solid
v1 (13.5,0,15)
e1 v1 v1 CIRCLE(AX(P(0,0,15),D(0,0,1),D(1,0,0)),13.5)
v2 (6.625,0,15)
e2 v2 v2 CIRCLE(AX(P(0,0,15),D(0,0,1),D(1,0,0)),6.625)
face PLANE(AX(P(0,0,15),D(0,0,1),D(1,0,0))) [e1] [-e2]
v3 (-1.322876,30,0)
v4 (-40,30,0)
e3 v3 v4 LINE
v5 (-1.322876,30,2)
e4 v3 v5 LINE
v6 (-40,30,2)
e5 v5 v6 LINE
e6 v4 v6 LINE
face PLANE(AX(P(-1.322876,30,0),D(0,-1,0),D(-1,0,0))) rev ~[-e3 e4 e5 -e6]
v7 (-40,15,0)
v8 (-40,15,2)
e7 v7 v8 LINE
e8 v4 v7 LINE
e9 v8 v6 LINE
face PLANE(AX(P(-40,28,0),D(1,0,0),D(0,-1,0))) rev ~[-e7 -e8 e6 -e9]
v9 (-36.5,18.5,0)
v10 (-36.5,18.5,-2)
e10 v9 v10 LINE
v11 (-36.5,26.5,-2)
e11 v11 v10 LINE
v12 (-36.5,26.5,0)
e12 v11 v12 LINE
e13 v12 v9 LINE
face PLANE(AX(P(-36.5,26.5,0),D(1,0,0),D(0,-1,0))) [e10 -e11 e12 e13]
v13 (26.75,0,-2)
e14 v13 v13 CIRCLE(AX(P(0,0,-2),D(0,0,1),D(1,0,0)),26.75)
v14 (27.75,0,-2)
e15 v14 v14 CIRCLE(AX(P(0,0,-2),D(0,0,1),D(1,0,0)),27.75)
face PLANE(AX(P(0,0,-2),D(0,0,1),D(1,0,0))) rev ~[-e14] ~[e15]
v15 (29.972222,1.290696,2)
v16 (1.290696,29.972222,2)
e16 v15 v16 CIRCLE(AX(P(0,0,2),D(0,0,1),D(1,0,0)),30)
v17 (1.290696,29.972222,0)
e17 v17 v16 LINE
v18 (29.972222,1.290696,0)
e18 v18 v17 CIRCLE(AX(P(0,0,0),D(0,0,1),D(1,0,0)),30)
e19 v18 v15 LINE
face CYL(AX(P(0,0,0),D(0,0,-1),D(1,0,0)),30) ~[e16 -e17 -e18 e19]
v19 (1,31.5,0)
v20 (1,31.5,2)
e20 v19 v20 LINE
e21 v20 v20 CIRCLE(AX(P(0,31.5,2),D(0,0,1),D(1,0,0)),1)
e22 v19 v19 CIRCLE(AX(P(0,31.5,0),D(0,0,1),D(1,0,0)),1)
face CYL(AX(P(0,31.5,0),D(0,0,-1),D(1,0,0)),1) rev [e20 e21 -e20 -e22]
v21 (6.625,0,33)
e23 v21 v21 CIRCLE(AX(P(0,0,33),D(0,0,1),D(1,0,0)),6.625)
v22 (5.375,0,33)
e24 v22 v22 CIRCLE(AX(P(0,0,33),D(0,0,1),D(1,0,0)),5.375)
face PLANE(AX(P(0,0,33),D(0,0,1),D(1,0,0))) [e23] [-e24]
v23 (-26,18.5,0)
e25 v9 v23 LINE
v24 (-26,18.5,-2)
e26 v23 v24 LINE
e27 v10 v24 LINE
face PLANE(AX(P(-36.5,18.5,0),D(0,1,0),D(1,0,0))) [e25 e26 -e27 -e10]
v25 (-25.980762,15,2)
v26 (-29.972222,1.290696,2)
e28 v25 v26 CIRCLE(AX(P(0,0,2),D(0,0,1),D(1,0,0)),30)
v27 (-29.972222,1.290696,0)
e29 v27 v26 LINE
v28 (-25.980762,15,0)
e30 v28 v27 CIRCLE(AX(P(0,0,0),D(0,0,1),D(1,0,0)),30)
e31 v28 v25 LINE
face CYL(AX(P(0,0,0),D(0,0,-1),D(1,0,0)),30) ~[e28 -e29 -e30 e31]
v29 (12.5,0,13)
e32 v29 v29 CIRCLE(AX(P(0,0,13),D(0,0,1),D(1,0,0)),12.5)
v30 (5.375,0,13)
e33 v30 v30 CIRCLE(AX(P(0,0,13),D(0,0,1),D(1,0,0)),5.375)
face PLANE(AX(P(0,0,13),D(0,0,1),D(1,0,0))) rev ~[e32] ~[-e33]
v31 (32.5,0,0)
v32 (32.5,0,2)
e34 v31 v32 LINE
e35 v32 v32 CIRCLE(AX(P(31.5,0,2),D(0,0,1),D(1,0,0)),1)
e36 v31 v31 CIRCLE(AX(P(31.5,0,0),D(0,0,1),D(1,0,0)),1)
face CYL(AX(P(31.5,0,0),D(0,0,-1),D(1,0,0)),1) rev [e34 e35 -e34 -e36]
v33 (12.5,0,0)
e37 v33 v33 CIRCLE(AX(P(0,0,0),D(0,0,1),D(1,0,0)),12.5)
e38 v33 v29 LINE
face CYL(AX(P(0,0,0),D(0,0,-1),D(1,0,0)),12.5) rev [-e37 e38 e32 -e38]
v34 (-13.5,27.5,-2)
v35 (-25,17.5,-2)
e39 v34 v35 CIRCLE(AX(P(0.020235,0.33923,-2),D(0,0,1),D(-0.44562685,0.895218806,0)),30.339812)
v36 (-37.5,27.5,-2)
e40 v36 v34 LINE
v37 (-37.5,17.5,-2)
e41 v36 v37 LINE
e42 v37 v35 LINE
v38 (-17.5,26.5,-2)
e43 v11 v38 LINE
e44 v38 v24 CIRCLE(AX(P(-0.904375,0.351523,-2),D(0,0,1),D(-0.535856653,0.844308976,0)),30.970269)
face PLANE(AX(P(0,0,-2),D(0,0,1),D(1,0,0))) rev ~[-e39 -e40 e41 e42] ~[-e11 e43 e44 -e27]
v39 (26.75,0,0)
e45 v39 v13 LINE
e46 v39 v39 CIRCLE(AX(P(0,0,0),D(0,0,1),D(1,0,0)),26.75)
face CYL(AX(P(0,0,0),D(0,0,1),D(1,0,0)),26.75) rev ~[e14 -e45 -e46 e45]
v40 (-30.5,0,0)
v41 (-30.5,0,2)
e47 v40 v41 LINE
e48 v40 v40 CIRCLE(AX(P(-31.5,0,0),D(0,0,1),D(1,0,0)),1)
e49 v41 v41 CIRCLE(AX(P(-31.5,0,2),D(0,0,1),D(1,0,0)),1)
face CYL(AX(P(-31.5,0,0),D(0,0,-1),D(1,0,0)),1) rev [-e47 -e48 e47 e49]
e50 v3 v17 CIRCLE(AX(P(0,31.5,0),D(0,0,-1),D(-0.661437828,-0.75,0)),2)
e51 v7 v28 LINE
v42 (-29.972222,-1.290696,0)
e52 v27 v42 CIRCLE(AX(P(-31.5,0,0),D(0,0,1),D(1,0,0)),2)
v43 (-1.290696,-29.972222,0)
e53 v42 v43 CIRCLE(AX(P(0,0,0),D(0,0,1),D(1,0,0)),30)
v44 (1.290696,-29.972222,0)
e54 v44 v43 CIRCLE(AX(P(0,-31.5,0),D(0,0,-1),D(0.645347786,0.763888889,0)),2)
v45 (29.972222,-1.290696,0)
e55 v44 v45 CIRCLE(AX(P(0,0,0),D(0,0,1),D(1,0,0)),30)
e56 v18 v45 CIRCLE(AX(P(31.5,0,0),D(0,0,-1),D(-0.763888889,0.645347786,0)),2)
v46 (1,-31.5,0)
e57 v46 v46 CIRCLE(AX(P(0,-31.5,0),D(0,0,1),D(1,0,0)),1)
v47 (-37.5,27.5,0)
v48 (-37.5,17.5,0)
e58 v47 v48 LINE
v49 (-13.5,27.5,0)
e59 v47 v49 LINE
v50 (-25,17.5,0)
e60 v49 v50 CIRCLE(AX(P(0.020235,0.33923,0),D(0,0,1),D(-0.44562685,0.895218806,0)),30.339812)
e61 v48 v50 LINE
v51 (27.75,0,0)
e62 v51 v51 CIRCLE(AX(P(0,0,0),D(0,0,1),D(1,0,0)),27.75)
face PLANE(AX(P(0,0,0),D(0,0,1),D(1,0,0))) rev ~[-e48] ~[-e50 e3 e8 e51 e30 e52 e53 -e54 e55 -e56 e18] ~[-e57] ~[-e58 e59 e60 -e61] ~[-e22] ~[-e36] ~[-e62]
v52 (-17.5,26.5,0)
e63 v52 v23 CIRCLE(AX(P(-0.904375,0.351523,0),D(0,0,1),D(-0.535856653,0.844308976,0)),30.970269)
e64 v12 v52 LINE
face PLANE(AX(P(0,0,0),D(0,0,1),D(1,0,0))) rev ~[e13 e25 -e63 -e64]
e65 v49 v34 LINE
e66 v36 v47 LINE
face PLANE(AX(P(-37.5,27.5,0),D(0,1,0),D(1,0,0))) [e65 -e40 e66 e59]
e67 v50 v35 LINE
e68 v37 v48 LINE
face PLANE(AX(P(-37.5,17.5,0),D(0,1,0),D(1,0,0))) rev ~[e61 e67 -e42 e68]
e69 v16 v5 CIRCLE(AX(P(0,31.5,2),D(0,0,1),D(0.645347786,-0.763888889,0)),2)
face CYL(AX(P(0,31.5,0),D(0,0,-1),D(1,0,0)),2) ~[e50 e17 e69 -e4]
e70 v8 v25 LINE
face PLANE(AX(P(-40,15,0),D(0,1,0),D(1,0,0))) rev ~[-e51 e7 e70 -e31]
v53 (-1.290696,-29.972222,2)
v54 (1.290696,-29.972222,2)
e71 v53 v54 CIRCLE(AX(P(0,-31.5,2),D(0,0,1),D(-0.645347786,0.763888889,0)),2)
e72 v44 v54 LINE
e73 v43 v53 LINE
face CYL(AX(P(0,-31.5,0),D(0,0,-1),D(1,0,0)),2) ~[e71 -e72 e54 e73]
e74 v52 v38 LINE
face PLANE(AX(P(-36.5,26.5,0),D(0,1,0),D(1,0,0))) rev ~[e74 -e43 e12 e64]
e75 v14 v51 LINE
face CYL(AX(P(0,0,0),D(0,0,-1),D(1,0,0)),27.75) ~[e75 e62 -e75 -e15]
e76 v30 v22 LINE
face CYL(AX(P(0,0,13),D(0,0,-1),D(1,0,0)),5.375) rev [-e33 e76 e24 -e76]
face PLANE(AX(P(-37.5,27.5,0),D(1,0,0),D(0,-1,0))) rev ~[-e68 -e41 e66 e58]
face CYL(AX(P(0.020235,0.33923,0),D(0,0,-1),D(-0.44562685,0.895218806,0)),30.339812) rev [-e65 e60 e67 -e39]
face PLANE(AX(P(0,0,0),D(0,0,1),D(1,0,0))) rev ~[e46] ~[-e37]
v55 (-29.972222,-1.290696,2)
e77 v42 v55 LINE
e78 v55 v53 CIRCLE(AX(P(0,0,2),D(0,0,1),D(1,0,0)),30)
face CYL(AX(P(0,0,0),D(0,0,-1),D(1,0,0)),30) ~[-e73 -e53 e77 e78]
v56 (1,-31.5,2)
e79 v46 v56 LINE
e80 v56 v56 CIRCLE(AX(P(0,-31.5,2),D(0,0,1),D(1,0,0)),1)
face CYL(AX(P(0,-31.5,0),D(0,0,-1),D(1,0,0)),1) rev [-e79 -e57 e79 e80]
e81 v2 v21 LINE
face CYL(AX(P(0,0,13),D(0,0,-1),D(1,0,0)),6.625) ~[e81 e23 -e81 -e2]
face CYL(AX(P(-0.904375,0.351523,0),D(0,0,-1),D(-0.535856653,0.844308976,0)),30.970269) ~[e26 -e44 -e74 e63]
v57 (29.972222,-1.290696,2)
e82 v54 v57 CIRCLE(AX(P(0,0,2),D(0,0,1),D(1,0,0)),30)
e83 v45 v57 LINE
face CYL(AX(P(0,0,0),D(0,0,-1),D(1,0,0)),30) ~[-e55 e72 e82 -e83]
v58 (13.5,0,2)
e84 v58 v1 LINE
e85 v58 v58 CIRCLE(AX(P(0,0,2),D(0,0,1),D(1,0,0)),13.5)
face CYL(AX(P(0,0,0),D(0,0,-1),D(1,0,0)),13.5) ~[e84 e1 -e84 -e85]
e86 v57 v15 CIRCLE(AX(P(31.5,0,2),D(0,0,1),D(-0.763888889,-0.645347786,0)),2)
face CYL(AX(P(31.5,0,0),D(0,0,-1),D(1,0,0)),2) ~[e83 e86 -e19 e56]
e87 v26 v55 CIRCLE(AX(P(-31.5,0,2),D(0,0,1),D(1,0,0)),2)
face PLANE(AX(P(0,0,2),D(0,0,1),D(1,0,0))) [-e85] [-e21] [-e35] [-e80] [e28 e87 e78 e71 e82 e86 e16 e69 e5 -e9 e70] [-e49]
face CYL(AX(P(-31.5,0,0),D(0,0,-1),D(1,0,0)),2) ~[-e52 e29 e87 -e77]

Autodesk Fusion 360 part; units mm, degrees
sketch "Skizze1" plane through (0, 0, 0) normal (0, 0, 1) x (1, 0, 0)
  line L0 (-40, 17) -> (0, 17)
  line L1 (0, 30) -> (-40, 30)
  line L2 (-40, 15) -> (0, 15)
  circle A0 centre (0, 31.5) radius 2
  line L3 (-40, 28) -> (0, 28)
  circle A1 centre (0, 0) radius 30
  circle A2 centre (0, 31.5) radius 1
  line L4 (0, 15) -> (0, 30)
  line L5 (-40, 15) -> (-40, 17)
  line L6 (-40, 30) -> (-40, 15)
  circle A3 centre (-31.5, 0) radius 1
  circle A4 centre (0, -31.5) radius 2
  circle A5 centre (31.5, 0) radius 2
  circle A6 centre (31.5, 0) radius 1
  circle A7 centre (0, 0) radius 28
  circle A8 centre (0, -31.5) radius 1
  line L7 (-40, 30) -> (-40, 28)
  circle A9 centre (-31.5, 0) radius 2
  line L8 (-38, 28) -> (-38, 17)
  line L9 (-38, 27.5) -> (-37.5, 27.5)
  line L10 (-37.5, 27.5) -> (-37.5, 17.5)
  line L11 (-37.5, 17.5) -> (-25, 17.5)
  line L12 (-37.5, 27.5) -> (-13.5, 27.5)
  arc A10 (-13.5, 27.5) -> (-25, 17.5) centre (0.0202, 0.3392) ccw
  line L13 (-36.5, 26.5) -> (-17.5, 26.5)
  line L14 (-36.5, 26.5) -> (-36.5, 18.5)
  line L15 (-36.5, 18.5) -> (-26, 18.5)
  arc A11 (-17.5, 26.5) -> (-26, 18.5) centre (-0.9044, 0.3515) ccw
  circle A12 centre (0, 0) radius 27.75
  circle A13 centre (0, 0) radius 26.75
  circle A14 centre (0, 0) radius 6.625
  circle A15 centre (0, 0) radius 5.375
  circle A16 centre (0, 0) radius 12.5
  circle A17 centre (0, 0) radius 13.5
  dimension "d1" = 60
  dimension "d7" = 2
  dimension "d8" = 4
  dimension "d9" = 2
  dimension "d10" = 4
  dimension "d11" = 2
  dimension "d12" = 4
  dimension "d13" = 2
  dimension "d14" = 4
  dimension "d15" = 40
  dimension "d16" = 15
  dimension "d17" = 2
  dimension "d18" = 56
  dimension "d19" = 2
  dimension "d20" = 0.5
  dimension "d21" = 55.5
  dimension "d22" = 53.5
  dimension "d29" = 13.25
  dimension "d30" = 10.75
  dimension "d39" = 25
  dimension "d40" = 27
extrude "Extrusion3" add sketch "Skizze1" along normal blind 2 contours L0 L3 L6 L8 | L0 L2 A1 L5 L6 | L0 L3 A1 L8 | L1 A0 L3 A1 L6 L7 | L0 L3 A1 A7 | L0 L2 A1 A7 | L2 A0 A1 L4 A4 A5 A7 A9 | L0 L4 A7 A12 | L0 L2 A7 A12 | A0 L3 A1 L4 | L2 L4 A7 A12 | A1 A9 | A1 A9 | L1 A0 A1 | L1 A0 A1 | A0 A1 L4 | A0 A1 L4 | L0 L4 A13 | L0 L2 L4 A13 | L2 L4 A13 | A1 A4 | A1 A4 | A1 A5 | A1 A5 | L13 L14 L15 A11 makes body 1 at (-33, 21.1667, 0) makes body 2 at (-34.4936, 15.8333, 2) makes body 3 at (22.1835, -1.9997, 0)
extrude "Extrusion4" add sketch "Skizze1" along normal blind 2 and the other way blind 2 contours L10 L11 L12 A10 | L0 L4 A12 A13 | L0 L2 A12 A13 | L2 L4 A12 A13 bodies 1 2 3
extrude "Extrusion6" add sketch "Skizze1" along normal blind 15 contours A17 bodies 1
extrude "Extrusion7" add sketch "Skizze1" along normal blind 2 from surface at 13 contours A16 bodies 1
extrude "Extrusion8" add sketch "Skizze1" along normal blind 20 from surface at 13 contours A14 bodies 1
